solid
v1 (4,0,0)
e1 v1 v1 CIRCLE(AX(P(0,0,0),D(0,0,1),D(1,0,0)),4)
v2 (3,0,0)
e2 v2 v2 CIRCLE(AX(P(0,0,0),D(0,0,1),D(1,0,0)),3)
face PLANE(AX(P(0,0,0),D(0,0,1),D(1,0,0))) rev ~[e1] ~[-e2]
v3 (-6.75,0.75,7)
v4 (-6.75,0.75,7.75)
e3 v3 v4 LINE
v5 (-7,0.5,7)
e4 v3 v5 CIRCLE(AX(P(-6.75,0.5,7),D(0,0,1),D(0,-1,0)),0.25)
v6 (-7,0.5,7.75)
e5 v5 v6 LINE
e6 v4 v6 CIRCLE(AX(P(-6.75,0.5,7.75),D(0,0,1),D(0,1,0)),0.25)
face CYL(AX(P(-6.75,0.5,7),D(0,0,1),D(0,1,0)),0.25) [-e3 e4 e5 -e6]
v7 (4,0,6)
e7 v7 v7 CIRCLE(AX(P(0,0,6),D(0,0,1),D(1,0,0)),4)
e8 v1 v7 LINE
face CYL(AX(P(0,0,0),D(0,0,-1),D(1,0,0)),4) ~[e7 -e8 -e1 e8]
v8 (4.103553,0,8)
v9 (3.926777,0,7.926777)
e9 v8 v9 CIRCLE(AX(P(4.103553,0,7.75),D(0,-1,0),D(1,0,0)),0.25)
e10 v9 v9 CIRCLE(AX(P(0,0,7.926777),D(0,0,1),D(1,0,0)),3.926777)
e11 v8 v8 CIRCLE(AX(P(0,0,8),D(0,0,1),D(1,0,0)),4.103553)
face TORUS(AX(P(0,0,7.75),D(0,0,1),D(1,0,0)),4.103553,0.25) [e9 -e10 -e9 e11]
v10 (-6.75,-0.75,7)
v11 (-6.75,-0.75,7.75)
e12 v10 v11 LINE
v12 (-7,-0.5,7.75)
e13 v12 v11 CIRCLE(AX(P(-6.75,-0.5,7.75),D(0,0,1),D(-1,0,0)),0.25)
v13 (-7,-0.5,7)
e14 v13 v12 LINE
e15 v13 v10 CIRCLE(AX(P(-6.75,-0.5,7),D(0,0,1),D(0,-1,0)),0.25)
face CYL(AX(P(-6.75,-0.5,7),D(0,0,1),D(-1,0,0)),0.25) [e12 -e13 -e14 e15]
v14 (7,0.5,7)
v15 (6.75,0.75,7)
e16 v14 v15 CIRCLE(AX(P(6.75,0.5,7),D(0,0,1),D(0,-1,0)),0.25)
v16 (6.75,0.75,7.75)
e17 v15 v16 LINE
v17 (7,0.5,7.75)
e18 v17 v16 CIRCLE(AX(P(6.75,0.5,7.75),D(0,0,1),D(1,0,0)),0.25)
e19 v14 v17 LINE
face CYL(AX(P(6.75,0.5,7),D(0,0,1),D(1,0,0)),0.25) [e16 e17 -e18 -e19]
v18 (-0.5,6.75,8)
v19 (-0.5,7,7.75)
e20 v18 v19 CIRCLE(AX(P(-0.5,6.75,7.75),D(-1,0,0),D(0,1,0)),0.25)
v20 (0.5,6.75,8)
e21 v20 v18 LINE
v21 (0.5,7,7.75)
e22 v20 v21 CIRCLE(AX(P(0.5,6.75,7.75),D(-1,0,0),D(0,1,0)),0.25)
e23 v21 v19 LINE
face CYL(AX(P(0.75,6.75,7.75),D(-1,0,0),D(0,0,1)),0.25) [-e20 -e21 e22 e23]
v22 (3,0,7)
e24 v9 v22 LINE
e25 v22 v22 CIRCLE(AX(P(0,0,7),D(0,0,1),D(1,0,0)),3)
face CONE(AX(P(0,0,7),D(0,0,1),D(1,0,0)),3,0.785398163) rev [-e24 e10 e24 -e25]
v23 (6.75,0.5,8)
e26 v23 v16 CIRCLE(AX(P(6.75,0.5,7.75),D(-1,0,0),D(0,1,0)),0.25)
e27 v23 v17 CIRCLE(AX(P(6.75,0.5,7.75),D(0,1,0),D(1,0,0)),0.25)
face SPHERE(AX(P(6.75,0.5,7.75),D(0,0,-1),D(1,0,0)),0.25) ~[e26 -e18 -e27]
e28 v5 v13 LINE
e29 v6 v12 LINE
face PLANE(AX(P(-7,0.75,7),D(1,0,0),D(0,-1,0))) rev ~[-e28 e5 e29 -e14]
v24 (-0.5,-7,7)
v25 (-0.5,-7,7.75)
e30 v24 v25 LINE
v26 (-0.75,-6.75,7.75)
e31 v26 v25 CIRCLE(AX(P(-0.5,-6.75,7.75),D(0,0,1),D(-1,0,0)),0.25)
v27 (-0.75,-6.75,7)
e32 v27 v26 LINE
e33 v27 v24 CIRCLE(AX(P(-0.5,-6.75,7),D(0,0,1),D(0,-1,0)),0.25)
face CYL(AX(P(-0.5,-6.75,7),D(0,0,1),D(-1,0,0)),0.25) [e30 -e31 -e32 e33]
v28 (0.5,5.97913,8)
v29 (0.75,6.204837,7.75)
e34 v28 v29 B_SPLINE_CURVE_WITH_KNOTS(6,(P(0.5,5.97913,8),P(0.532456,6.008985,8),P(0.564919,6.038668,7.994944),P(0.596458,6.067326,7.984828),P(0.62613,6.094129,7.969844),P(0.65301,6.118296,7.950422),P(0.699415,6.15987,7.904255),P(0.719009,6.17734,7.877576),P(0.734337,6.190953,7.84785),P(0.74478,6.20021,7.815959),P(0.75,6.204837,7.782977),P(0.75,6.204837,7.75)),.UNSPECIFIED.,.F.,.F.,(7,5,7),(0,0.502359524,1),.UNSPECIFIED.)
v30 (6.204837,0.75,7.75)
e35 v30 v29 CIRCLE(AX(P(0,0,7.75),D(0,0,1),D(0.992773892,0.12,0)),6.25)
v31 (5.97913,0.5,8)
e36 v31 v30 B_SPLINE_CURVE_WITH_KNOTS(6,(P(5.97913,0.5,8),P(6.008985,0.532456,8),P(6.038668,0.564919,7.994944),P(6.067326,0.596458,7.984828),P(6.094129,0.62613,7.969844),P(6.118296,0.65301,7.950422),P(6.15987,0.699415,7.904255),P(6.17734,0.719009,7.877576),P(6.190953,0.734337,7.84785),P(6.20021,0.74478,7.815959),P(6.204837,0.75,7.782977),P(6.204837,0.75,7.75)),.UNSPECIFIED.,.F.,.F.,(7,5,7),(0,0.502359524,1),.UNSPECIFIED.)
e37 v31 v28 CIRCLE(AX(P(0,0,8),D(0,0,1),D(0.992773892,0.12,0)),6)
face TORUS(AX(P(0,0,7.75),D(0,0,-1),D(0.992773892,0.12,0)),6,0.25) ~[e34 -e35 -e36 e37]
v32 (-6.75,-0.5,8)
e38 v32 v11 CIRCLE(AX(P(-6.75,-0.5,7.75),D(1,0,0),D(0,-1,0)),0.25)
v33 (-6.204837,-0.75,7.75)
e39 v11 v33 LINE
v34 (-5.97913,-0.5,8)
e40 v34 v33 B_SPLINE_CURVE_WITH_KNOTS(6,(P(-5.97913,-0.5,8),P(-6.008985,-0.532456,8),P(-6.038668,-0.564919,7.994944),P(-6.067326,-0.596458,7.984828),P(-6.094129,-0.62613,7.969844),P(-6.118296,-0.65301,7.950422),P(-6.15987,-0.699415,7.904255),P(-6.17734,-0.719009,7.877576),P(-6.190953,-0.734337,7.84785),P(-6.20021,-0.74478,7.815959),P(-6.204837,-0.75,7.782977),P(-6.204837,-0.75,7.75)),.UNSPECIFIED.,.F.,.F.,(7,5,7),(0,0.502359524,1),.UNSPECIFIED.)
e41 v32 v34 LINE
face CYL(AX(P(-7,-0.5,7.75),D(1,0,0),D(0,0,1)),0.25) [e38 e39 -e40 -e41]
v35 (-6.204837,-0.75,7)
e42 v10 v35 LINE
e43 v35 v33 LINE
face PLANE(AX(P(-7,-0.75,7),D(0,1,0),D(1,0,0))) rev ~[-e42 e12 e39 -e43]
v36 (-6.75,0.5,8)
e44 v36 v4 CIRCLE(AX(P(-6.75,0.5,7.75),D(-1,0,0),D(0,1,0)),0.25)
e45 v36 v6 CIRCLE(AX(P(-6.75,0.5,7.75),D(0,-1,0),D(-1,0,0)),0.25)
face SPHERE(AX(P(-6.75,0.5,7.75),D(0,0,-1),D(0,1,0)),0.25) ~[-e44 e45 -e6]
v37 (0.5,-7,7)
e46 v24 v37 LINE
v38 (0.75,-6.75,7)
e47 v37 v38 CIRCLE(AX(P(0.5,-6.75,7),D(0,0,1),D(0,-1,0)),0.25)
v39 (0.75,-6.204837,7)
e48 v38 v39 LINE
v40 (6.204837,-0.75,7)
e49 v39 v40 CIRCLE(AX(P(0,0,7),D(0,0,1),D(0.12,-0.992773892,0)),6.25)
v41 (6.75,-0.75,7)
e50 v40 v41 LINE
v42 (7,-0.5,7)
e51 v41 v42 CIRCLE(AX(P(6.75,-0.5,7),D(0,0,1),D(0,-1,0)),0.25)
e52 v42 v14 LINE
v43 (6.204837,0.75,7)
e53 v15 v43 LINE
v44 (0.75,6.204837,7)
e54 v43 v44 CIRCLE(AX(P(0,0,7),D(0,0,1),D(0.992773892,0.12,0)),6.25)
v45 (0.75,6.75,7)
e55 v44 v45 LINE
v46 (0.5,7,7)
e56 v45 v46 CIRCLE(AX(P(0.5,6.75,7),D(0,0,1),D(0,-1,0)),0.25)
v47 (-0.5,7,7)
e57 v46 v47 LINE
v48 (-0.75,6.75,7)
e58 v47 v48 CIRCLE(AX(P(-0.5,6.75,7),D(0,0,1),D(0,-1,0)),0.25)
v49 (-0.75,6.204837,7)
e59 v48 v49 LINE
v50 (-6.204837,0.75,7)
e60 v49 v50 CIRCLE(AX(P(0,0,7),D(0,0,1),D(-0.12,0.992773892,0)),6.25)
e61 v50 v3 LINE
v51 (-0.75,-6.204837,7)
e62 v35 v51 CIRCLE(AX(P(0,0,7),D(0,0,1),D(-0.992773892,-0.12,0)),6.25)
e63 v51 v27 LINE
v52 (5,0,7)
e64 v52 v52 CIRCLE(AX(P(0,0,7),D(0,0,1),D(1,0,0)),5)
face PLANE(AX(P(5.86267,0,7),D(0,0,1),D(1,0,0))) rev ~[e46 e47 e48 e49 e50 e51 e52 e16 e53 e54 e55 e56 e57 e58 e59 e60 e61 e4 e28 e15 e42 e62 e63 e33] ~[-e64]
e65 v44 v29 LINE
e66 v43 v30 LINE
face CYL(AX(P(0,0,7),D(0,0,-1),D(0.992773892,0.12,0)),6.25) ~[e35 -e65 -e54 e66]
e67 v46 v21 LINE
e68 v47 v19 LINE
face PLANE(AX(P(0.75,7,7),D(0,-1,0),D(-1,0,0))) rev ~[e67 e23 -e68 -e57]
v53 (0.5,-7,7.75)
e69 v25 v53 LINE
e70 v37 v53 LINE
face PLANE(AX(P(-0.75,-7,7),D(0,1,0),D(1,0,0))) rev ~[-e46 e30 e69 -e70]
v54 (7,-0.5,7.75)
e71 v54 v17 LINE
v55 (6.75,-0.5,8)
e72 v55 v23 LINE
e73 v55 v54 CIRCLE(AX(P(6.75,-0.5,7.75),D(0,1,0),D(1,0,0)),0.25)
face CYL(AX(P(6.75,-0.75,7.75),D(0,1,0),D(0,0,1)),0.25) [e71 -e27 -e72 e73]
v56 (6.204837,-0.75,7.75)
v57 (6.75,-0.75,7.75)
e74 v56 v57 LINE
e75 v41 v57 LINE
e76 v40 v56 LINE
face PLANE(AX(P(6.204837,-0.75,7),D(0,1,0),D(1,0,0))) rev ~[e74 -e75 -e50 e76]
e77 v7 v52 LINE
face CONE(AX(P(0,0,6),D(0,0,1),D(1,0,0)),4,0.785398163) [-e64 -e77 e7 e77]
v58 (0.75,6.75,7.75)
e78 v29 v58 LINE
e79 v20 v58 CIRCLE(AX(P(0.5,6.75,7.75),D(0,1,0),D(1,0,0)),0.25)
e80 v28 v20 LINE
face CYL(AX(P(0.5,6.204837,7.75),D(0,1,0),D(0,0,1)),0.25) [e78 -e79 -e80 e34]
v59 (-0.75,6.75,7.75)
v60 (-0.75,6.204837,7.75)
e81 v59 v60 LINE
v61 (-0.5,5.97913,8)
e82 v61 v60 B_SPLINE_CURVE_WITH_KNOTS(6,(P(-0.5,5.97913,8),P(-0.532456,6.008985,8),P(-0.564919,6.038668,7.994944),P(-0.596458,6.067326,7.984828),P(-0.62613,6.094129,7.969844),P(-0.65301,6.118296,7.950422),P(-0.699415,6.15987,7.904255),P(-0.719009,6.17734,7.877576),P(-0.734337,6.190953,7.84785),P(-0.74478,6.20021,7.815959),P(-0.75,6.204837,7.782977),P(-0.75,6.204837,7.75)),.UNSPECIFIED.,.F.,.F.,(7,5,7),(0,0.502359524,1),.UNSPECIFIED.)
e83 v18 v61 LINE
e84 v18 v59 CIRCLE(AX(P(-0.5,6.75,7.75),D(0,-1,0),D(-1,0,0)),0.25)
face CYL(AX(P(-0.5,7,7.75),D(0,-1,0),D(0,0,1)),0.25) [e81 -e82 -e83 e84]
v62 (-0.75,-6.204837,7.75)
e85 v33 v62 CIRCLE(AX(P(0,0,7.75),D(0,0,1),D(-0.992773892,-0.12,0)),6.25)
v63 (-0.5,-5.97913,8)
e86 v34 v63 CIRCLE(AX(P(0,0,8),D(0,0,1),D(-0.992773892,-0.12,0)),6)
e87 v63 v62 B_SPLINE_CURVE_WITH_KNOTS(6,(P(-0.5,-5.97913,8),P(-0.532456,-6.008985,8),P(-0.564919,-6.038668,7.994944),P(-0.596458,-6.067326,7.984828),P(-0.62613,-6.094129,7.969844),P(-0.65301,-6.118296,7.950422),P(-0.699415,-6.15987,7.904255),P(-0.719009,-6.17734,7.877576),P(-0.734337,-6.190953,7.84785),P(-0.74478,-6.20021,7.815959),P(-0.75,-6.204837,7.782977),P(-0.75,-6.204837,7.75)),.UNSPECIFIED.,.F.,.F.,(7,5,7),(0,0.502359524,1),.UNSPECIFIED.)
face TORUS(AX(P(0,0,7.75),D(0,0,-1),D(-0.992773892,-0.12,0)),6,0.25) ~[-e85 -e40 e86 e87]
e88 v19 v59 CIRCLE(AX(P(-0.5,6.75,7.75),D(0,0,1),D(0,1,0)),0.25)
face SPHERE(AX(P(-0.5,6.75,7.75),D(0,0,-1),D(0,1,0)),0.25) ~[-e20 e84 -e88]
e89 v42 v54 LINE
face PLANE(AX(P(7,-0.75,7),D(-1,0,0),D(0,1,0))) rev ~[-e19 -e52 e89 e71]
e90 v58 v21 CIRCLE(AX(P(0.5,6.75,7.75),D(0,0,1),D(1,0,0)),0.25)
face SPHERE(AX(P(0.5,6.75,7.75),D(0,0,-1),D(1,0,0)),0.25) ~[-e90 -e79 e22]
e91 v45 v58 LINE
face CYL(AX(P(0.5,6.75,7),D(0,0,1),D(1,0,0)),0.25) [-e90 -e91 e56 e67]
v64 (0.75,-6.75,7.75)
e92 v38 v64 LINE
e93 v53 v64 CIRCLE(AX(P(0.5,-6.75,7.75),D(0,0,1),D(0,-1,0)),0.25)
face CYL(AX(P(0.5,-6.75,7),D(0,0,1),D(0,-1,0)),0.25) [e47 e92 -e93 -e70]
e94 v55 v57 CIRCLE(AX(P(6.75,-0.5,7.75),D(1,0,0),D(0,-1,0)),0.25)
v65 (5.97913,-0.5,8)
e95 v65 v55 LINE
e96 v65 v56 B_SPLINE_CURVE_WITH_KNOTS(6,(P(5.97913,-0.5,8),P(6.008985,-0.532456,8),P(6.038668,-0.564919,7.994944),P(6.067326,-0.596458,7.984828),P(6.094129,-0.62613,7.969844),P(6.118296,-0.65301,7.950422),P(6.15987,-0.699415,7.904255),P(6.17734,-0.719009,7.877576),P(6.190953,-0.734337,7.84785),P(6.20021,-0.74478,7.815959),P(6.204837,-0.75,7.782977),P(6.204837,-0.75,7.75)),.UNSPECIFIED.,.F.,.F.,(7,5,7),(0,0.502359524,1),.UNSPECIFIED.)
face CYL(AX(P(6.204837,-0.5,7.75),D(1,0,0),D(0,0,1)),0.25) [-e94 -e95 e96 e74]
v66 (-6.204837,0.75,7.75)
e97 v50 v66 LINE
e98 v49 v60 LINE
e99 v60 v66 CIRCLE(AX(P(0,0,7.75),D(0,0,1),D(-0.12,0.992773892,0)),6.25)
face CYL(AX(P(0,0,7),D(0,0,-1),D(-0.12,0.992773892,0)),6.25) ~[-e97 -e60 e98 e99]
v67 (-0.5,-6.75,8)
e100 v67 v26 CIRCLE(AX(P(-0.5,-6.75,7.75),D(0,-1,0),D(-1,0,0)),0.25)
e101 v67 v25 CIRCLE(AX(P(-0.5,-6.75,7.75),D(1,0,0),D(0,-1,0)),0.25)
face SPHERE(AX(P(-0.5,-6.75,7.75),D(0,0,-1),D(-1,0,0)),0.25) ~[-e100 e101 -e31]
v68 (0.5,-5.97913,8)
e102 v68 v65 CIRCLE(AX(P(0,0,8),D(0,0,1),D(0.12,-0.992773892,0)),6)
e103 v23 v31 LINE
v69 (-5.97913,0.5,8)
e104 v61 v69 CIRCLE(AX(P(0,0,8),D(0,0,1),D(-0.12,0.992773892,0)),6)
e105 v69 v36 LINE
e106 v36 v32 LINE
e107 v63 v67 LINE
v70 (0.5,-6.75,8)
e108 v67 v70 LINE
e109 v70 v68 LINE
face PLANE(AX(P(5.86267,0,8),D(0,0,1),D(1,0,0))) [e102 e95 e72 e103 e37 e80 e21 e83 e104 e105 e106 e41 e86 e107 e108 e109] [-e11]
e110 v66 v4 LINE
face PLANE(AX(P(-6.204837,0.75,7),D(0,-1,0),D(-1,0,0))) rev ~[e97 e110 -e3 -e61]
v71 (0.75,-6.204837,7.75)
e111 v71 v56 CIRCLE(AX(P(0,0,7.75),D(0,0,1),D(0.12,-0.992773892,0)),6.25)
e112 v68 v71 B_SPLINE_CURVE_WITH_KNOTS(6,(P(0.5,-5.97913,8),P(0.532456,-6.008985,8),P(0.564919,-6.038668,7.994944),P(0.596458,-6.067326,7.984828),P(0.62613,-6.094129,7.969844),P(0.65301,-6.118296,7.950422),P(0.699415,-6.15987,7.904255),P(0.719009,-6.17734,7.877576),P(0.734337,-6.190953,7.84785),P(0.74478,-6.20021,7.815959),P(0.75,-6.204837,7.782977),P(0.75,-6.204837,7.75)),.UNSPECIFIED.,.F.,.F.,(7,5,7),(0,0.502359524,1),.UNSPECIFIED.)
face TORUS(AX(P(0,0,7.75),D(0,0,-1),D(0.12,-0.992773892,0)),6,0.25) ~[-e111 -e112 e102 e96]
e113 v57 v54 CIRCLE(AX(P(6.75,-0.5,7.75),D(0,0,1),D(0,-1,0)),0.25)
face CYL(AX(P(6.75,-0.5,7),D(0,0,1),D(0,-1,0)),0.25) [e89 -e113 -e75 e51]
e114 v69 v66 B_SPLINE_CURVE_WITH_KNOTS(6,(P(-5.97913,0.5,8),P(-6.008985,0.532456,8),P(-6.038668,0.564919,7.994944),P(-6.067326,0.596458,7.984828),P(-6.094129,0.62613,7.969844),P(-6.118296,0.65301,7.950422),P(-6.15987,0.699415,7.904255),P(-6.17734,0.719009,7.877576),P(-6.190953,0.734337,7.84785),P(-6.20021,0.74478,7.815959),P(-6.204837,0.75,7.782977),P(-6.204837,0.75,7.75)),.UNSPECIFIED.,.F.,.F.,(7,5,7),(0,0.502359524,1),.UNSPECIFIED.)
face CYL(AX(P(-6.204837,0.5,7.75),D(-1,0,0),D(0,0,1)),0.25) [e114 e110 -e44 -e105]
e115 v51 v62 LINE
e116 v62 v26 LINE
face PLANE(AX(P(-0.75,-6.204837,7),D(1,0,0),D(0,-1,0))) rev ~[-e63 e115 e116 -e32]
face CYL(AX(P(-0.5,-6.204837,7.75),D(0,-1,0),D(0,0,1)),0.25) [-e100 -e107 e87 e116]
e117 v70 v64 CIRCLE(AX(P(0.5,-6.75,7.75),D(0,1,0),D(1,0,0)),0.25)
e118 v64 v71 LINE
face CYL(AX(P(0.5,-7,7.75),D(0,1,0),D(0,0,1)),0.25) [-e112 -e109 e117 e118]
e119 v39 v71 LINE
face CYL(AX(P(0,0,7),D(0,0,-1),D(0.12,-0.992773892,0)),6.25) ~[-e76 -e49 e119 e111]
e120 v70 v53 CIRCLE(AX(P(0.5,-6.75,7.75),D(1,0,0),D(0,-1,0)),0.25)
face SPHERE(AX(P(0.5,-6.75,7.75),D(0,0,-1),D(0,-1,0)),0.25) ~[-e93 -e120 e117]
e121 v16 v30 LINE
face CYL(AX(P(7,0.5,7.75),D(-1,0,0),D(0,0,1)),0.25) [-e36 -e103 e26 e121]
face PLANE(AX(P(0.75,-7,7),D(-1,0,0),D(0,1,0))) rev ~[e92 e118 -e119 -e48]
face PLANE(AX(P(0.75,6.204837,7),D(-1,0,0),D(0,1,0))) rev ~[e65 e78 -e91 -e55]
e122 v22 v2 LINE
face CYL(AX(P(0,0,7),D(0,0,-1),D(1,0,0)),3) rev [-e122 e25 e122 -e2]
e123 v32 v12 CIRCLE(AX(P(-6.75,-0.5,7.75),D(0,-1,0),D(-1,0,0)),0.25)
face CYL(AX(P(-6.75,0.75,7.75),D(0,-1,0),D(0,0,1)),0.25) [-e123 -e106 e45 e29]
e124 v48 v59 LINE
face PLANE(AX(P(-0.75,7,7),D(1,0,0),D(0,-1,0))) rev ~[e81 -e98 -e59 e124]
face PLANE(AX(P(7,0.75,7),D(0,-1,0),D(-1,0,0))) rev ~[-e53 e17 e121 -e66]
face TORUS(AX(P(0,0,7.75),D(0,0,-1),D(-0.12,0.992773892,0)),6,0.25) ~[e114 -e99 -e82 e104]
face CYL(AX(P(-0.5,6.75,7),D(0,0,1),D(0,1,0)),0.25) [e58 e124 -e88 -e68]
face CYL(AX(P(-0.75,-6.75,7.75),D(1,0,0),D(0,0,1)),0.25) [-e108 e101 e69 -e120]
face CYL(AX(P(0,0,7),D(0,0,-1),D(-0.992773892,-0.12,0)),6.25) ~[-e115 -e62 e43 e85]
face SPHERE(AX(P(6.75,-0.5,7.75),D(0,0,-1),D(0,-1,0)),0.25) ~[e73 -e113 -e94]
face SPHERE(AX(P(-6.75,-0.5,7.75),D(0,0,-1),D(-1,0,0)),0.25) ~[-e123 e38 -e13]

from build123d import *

# Parameters (mm, degrees)
F0_R     = 4
F0_R_2   = 3
F1_DEPTH = 7
F2_R     = 3
F3_DEPTH = 1
F4_SIZE  = 1
F5_R     = 0.25


with BuildPart() as f1:
    # F0 (on Top) → F1 (new body)
    with BuildSketch(Plane.XY):
        Circle(F0_R)
        Circle(F0_R_2, mode=Mode.SUBTRACT)
    extrude(amount=F1_DEPTH)

    # F2 (on face) → F3 (join)
    with BuildSketch(Plane.XY.offset(7)):
        with BuildLine():
            ThreePointArc((6.204836823, -0.75), (6.2386989887, -0.3756792889), (6.25, 0))
            ThreePointArc((6.25, 0), (6.2386989887, 0.3756792889), (6.204836823, 0.75))
            Line((6.204836823, 0.75), (5.5, 0.75))
            Line((5.5, 0.75), (5.5, -0.75))
            Line((5.5, -0.75), (6.204836823, -0.75))
        make_face()
        with BuildLine():
            ThreePointArc((6.204836823, 0.75), (6.2386989887, 0.3756792889), (6.25, 0))
            ThreePointArc((6.25, 0), (6.2386989887, -0.3756792889), (6.204836823, -0.75))
            Line((6.204836823, -0.75), (7, -0.75))
            Line((7, -0.75), (7, 0.75))
            Line((7, 0.75), (6.204836823, 0.75))
        make_face()
        with BuildLine():
            Line((5.5, 0.75), (6.204836823, 0.75))
            ThreePointArc((6.204836823, 0.75), (4.4194173824, 4.4194173824), (0.75, 6.204836823))
            Line((0.75, 6.204836823), (0.75, 5.5))
            Line((0.75, 5.5), (-0.75, 5.5))
            Line((-0.75, 5.5), (-0.75, 6.204836823))
            ThreePointArc((-0.75, 6.204836823), (-4.4194173824, 4.4194173824), (-6.204836823, 0.75))
            Line((-6.204836823, 0.75), (-5.5, 0.75))
            Line((-5.5, 0.75), (-5.5, -0.75))
            Line((-5.5, -0.75), (-6.204836823, -0.75))
            ThreePointArc((-6.204836823, -0.75), (-4.4194173824, -4.4194173824), (-0.75, -6.204836823))
            Line((-0.75, -6.204836823), (-0.75, -5.5))
            Line((-0.75, -5.5), (0.75, -5.5))
            Line((0.75, -5.5), (0.75, -6.204836823))
            ThreePointArc((0.75, -6.204836823), (4.4194173824, -4.4194173824), (6.204836823, -0.75))
            Line((6.204836823, -0.75), (5.5, -0.75))
            Line((5.5, -0.75), (5.5, 0.75))
        make_face()
        Circle(F2_R, mode=Mode.SUBTRACT)
        with BuildLine():
            Line((0.75, 5.5), (0.75, 6.204836823))
            ThreePointArc((0.75, 6.204836823), (0, 6.25), (-0.75, 6.204836823))
            Line((-0.75, 6.204836823), (-0.75, 5.5))
            Line((-0.75, 5.5), (0.75, 5.5))
        make_face()
        with BuildLine():
            ThreePointArc((-0.75, 6.204836823), (0, 6.25), (0.75, 6.204836823))
            Line((0.75, 6.204836823), (0.75, 7))
            Line((0.75, 7), (-0.75, 7))
            Line((-0.75, 7), (-0.75, 6.204836823))
        make_face()
        with BuildLine():
            Line((0.75, -7), (0.75, -6.204836823))
            ThreePointArc((0.75, -6.204836823), (0, -6.25), (-0.75, -6.204836823))
            Line((-0.75, -6.204836823), (-0.75, -7))
            Line((-0.75, -7), (0.75, -7))
        make_face()
        with BuildLine():
            ThreePointArc((-0.75, -6.204836823), (0, -6.25), (0.75, -6.204836823))
            Line((0.75, -6.204836823), (0.75, -5.5))
            Line((0.75, -5.5), (-0.75, -5.5))
            Line((-0.75, -5.5), (-0.75, -6.204836823))
        make_face()
        with BuildLine():
            Line((-5.5, 0.75), (-6.204836823, 0.75))
            ThreePointArc((-6.204836823, 0.75), (-6.25, 0), (-6.204836823, -0.75))
            Line((-6.204836823, -0.75), (-5.5, -0.75))
            Line((-5.5, -0.75), (-5.5, 0.75))
        make_face()
        with BuildLine():
            ThreePointArc((-6.204836823, -0.75), (-6.25, 0), (-6.204836823, 0.75))
            Line((-6.204836823, 0.75), (-7, 0.75))
            Line((-7, 0.75), (-7, -0.75))
            Line((-7, -0.75), (-6.204836823, -0.75))
        make_face()
    extrude(amount=F3_DEPTH)

    # F4
    f4_edges = [f1.edges().sort_by_distance(p)[0] for p in [
        (-3, 0, 8),
        (-4, 0, 7),
    ]]
    chamfer(f4_edges, length=F4_SIZE)

    # F5
    f5_edges = [f1.edges().sort_by_distance(p)[0] for p in [
        (-7, -0.75, 7.5),
        (-7, 0.75, 7.5),
        (-0.75, -7, 7.5),
        (0.75, -7, 7.5),
        (7, -0.75, 7.5),
        (7, 0.75, 7.5),
        (0.75, 7, 7.5),
        (-0.75, 7, 7.5),
        (-4, 0, 8),
        (6.602418, -0.75, 8),
        (7, 0, 8),
        (6.602418, 0.75, 8),
        (4.419417, 4.419417, 8),
        (0.75, 6.602418, 8),
        (0, 7, 8),
        (-0.75, 6.602418, 8),
        (-4.419417, 4.419417, 8),
        (-6.602418, 0.75, 8),
        (-7, 0, 8),
        (-6.602418, -0.75, 8),
        (-4.419417, -4.419417, 8),
        (-0.75, -6.602418, 8),
        (0, -7, 8),
        (0.75, -6.602418, 8),
        (4.419417, -4.419417, 8),
    ]]
    fillet(f5_edges, radius=F5_R)


solid = f1.part
